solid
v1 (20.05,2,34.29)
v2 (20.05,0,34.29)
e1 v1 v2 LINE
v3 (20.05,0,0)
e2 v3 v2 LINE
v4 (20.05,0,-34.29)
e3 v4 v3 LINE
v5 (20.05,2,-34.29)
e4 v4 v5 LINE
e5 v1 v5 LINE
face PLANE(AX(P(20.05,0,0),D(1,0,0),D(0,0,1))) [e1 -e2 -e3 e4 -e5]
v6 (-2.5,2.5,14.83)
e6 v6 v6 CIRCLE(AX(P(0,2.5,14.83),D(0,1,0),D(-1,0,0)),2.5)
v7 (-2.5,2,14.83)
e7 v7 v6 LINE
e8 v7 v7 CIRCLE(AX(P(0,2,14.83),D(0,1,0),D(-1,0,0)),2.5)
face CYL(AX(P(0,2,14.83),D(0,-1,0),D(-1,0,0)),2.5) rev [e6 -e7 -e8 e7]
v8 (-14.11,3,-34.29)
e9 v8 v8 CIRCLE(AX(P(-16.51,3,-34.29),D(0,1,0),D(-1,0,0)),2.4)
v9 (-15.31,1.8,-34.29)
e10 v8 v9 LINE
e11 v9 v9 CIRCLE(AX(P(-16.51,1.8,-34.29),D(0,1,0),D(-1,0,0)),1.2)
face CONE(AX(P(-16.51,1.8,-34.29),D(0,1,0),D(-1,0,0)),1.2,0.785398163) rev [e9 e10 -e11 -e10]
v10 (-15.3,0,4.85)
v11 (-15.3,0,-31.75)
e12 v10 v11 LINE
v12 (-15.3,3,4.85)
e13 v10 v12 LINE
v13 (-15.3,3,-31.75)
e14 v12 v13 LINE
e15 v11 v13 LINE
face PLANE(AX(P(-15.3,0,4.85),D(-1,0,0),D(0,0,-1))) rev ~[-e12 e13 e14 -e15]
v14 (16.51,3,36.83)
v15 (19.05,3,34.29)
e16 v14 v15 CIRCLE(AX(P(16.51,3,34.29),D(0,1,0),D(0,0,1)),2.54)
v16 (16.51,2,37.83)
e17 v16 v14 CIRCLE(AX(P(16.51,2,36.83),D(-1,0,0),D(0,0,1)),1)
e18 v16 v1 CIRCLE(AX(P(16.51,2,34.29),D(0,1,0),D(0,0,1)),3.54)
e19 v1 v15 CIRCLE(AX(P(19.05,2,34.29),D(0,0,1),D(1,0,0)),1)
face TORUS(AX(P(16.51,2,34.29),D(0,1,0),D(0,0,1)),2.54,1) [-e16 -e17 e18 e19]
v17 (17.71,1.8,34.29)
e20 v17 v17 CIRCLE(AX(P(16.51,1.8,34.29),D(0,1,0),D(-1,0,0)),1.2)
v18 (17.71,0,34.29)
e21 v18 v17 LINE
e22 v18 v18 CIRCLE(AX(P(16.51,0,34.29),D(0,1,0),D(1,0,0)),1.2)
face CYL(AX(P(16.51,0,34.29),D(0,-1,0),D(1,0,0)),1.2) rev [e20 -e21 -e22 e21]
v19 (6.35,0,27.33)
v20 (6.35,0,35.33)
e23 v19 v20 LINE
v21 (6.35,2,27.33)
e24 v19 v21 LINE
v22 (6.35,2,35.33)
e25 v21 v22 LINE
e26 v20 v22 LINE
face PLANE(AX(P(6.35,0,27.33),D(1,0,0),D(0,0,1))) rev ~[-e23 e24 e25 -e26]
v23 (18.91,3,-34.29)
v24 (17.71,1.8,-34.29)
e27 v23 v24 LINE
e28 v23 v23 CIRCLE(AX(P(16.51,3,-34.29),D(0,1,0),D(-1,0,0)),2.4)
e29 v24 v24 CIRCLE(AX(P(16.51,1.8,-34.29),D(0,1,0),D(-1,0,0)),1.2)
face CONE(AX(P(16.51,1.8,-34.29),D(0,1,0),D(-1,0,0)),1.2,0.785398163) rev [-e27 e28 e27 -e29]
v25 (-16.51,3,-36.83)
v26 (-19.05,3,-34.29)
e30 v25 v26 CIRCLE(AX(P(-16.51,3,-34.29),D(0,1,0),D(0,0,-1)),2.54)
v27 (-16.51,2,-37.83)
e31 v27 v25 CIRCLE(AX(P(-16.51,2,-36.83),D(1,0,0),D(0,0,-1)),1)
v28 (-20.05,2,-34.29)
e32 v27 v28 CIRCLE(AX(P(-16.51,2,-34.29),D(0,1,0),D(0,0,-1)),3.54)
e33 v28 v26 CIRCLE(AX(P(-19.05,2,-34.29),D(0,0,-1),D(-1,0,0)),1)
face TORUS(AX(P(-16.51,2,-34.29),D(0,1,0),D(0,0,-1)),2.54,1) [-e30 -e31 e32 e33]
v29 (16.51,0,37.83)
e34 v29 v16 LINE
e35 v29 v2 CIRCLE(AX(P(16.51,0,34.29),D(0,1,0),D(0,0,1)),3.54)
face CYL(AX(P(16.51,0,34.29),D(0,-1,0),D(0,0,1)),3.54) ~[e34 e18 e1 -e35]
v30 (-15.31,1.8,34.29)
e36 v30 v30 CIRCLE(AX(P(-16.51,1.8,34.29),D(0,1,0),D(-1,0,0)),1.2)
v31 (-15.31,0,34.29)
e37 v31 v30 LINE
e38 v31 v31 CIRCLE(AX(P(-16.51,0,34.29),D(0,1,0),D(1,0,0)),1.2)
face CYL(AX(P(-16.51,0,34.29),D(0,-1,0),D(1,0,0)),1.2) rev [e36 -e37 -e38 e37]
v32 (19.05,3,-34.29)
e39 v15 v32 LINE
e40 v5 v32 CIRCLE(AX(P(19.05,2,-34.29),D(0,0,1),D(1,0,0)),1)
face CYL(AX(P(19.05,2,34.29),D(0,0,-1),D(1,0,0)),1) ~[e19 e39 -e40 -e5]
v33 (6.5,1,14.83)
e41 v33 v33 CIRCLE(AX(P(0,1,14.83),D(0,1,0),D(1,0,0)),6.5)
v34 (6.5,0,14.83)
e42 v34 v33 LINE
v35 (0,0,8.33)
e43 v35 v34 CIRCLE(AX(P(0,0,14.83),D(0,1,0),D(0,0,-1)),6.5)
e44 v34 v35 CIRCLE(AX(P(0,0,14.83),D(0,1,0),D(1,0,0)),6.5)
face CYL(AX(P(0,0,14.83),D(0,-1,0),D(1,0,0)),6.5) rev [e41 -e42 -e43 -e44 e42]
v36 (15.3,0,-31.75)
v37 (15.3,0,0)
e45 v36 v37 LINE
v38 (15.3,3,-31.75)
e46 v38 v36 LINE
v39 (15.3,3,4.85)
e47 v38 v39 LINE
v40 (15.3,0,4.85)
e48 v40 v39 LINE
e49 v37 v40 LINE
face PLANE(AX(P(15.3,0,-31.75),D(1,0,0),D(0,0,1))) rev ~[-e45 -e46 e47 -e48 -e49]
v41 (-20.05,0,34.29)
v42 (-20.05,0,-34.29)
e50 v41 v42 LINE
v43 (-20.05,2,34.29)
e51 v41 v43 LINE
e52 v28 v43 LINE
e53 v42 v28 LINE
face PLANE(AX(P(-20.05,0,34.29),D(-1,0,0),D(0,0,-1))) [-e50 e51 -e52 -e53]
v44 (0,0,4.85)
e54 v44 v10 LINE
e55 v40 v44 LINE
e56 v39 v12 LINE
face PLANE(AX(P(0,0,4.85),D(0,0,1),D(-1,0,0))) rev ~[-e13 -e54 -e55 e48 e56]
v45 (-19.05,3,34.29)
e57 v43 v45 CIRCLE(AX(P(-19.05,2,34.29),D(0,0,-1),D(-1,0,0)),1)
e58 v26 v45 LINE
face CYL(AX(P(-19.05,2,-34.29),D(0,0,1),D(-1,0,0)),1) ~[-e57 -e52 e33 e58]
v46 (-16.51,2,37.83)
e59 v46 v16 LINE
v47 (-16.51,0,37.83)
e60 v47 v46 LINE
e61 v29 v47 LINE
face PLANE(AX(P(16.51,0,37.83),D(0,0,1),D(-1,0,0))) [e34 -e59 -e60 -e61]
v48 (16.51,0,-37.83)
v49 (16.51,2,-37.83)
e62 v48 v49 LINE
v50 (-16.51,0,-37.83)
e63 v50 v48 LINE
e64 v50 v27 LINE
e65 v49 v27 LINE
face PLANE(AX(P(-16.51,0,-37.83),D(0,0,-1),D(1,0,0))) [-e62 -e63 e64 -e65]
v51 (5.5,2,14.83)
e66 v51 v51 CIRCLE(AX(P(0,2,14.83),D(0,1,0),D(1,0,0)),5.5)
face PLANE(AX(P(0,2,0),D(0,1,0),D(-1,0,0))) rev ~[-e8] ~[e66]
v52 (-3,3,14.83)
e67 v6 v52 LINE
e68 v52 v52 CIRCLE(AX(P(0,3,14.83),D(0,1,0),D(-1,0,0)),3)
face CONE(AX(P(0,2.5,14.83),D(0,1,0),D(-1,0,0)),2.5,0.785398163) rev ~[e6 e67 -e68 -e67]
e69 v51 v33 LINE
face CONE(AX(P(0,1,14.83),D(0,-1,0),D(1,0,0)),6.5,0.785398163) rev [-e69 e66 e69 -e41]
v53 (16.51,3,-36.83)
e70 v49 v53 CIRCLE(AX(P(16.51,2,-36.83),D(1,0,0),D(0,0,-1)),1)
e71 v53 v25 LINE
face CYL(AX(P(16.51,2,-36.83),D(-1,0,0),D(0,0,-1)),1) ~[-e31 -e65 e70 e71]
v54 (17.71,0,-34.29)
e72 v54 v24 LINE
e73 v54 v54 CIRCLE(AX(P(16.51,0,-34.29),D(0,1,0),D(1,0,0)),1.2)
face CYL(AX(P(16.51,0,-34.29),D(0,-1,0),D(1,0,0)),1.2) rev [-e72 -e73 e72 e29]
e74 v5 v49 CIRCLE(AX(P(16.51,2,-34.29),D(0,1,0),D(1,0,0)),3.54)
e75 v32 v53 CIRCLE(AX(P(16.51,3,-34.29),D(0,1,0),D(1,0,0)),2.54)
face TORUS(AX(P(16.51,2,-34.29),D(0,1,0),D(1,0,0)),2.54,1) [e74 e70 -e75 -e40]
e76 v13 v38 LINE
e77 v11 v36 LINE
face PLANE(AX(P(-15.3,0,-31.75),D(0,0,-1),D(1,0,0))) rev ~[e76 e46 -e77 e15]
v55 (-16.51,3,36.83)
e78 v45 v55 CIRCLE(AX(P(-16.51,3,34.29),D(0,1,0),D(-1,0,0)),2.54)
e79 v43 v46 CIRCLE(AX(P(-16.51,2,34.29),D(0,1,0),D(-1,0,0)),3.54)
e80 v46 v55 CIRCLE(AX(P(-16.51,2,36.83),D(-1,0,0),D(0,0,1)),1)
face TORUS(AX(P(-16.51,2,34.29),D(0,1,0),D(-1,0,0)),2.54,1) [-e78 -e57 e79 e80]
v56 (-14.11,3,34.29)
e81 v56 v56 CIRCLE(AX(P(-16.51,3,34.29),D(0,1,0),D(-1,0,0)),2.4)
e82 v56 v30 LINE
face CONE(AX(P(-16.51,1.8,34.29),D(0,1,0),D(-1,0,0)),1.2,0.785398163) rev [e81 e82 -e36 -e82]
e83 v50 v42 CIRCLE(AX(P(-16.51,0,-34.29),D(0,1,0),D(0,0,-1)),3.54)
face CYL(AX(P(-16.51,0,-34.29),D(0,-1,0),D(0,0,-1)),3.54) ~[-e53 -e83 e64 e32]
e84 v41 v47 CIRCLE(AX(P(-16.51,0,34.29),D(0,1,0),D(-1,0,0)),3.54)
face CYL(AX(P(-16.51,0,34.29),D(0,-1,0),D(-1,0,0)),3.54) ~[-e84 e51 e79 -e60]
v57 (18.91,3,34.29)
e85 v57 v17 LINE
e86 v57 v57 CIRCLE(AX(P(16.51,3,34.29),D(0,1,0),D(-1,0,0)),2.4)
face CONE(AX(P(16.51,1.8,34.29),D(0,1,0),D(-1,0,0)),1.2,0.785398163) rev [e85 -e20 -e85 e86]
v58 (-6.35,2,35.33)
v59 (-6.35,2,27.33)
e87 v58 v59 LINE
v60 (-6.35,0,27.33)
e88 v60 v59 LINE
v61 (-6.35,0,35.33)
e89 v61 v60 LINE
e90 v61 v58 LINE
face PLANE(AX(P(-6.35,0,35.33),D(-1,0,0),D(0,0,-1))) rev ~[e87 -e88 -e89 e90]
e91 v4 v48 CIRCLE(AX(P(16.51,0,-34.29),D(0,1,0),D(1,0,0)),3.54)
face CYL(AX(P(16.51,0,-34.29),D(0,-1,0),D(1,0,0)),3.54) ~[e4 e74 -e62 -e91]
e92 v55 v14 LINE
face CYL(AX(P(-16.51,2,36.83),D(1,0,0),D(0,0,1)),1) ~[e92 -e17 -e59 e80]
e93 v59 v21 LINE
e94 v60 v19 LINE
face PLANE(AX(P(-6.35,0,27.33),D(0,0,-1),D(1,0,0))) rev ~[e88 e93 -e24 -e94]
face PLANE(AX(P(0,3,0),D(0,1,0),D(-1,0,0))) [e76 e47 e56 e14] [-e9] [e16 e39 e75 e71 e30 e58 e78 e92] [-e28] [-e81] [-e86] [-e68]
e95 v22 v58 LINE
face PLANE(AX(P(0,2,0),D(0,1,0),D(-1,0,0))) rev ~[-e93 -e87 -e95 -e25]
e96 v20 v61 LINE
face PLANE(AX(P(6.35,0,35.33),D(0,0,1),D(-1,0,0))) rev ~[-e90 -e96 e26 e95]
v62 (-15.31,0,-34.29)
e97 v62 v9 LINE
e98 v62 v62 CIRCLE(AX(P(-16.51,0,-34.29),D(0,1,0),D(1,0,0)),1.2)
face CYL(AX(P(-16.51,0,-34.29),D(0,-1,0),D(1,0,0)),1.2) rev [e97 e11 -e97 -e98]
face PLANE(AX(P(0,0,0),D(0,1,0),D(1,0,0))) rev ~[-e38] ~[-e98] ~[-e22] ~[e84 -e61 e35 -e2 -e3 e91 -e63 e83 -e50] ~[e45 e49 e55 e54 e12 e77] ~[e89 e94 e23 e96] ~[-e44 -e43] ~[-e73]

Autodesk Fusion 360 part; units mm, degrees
sketch "Skizze1" plane through (0, 0, 0) normal (0, 1, 0) x (1, 0, 0)
  line L0 (1.75, 0) -> (22.5, 0)
  line L1 (0, -1.75) -> (0, -22.5)
  line L2 (-16.51, 36.83) -> (16.51, 36.83)
  line L3 (19.05, 34.29) -> (19.05, -34.29)
  line L4 (16.51, -36.83) -> (-16.51, -36.83)
  line L5 (-19.05, -34.29) -> (-19.05, 34.29)
  arc A0 (-16.51, 36.83) -> (-19.05, 34.29) centre (-16.51, 34.29) ccw
  arc A1 (19.05, 34.29) -> (16.51, 36.83) centre (16.51, 34.29) ccw
  arc A2 (16.51, -36.83) -> (19.05, -34.29) centre (16.51, -34.29) ccw
  arc A3 (-19.05, -34.29) -> (-16.51, -36.83) centre (-16.51, -34.29) ccw
  arc A4 (20.05, 34.29) -> (16.51, 37.83) centre (16.51, 34.29) ccw
  line L6 (-16.51, 37.83) -> (16.51, 37.83)
  arc A5 (-16.51, 37.83) -> (-20.05, 34.29) centre (-16.51, 34.29) ccw
  line L7 (-20.05, -34.29) -> (-20.05, 34.29)
  arc A6 (-20.05, -34.29) -> (-16.51, -37.83) centre (-16.51, -34.29) ccw
  line L8 (16.51, -37.83) -> (-16.51, -37.83)
  arc A7 (16.51, -37.83) -> (20.05, -34.29) centre (16.51, -34.29) ccw
  line L9 (20.05, 34.29) -> (20.05, -34.29)
  line L10 (-15.3, 31.75) -> (15.3, 31.75)
  line L11 (15.3, 31.75) -> (15.3, -4.85)
  line L12 (15.3, -4.85) -> (-15.3, -4.85)
  line L13 (-15.3, -4.85) -> (-15.3, 31.75)
  circle A8 centre (-16.51, 34.29) radius 1.2
  circle A9 centre (16.51, 34.29) radius 1.2
  circle A10 centre (-16.51, -34.29) radius 1.2
  circle A11 centre (16.51, -34.29) radius 1.2
  circle A12 centre (0, -14.83) radius 6.5
  line L14 (-6.35, -27.33) -> (6.35, -27.33)
  line L15 (6.35, -27.33) -> (6.35, -35.33)
  line L16 (6.35, -35.33) -> (-6.35, -35.33)
  line L17 (-6.35, -35.33) -> (-6.35, -27.33)
  point P0 (-19.05, 36.83)
  point P1 (19.05, 36.83)
  point P2 (-19.05, -36.83)
  dimension "d1" = 73.66
  dimension "d2" = 38.1
  dimension "d3" = 2.54
  dimension "d4" = -1
  dimension "d5" = 30.6
  dimension "d6" = 5.08
  dimension "d7" = 2.4
  dimension "d8" = 36.6
  dimension "d9" = 8
  dimension "d10" = 12.7
  dimension "d11" = 1.5
  dimension "d12" = 22
  dimension "d13" = 13
extrude "Extrusion1" add sketch "Skizze1" along normal blind 2 contours L2 L3 L4 L5 A0 A1 A2 A3 | A4 L6 A5 L7 A6 L8 A7 L9
sketch "Skizze2" plane through (0, 2, 0) normal (0, 1, 0) x (-1, 0, 0)
  circle A0 centre (16.51, -34.29) radius 1.2
  line L0 (-6.35, 35.33) -> (6.35, 35.33)
  line L1 (6.35, 35.33) -> (6.35, 27.33)
  line L2 (6.35, 27.33) -> (-6.35, 27.33)
  line L3 (-6.35, 27.33) -> (-6.35, 35.33)
  circle A1 centre (-16.51, 34.29) radius 1.2
  circle A2 centre (-16.51, -34.29) radius 1.2
  circle A3 centre (16.51, 34.29) radius 1.2
  line L4 (-15.3, 4.85) -> (15.3, 4.85)
  line L5 (15.3, 4.85) -> (15.3, -31.75)
  line L6 (15.3, -31.75) -> (-15.3, -31.75)
  line L7 (-15.3, -31.75) -> (-15.3, 4.85)
  circle A4 centre (0, 14.83) radius 6.5
  arc A5 (16.51, -37.83) -> (20.05, -34.29) centre (16.51, -34.29) ccw
  line L8 (20.05, -34.29) -> (20.05, 34.29)
  arc A6 (20.05, 34.29) -> (16.51, 37.83) centre (16.51, 34.29) ccw
  line L9 (16.51, 37.83) -> (-16.51, 37.83)
  arc A7 (-16.51, 37.83) -> (-20.05, 34.29) centre (-16.51, 34.29) ccw
  line L10 (-20.05, 34.29) -> (-20.05, -34.29)
  arc A8 (-20.05, -34.29) -> (-16.51, -37.83) centre (-16.51, -34.29) ccw
  line L11 (-16.51, -37.83) -> (16.51, -37.83)
  circle A9 centre (0, 14.83) radius 2.5
  dimension "d16" = 5
extrude "Extrusion2" add sketch "Skizze2" along normal blind 1 contours L0 L1 L2 L3 | A4 | A5 L8 A6 L9 A7 L10 A8 L11
fillet "Abrundung1" radius 1 8 edges at (0, 3, 37.83) (19.0132, 3, 36.7932) (20.05, 3, 0) (19.0132, 3, -36.7932) (0, 3, -37.83) (-19.0132, 3, -36.7932) (-20.05, 3, 0) (-19.0132, 3, 36.7932)
chamfer "Fase1" distance 1.2 angle 45 4 edges at (-15.3912, 3, 34.7239) (17.6288, 3, 34.7239) (-15.3912, 3, -33.8561) (17.6288, 3, -33.8561)
chamfer "Fase2" distance 1 angle 45 1 edges at (-6.0601, 2, 12.4795)
chamfer "Fase3" distance 0.5 angle 45 1 edges at (2.3308, 3, 15.734)
equation "d5 = 30.1 mm + 0.5 mm"
equation "d6 = ( 2.54 * 2 ) * 1 mm"
